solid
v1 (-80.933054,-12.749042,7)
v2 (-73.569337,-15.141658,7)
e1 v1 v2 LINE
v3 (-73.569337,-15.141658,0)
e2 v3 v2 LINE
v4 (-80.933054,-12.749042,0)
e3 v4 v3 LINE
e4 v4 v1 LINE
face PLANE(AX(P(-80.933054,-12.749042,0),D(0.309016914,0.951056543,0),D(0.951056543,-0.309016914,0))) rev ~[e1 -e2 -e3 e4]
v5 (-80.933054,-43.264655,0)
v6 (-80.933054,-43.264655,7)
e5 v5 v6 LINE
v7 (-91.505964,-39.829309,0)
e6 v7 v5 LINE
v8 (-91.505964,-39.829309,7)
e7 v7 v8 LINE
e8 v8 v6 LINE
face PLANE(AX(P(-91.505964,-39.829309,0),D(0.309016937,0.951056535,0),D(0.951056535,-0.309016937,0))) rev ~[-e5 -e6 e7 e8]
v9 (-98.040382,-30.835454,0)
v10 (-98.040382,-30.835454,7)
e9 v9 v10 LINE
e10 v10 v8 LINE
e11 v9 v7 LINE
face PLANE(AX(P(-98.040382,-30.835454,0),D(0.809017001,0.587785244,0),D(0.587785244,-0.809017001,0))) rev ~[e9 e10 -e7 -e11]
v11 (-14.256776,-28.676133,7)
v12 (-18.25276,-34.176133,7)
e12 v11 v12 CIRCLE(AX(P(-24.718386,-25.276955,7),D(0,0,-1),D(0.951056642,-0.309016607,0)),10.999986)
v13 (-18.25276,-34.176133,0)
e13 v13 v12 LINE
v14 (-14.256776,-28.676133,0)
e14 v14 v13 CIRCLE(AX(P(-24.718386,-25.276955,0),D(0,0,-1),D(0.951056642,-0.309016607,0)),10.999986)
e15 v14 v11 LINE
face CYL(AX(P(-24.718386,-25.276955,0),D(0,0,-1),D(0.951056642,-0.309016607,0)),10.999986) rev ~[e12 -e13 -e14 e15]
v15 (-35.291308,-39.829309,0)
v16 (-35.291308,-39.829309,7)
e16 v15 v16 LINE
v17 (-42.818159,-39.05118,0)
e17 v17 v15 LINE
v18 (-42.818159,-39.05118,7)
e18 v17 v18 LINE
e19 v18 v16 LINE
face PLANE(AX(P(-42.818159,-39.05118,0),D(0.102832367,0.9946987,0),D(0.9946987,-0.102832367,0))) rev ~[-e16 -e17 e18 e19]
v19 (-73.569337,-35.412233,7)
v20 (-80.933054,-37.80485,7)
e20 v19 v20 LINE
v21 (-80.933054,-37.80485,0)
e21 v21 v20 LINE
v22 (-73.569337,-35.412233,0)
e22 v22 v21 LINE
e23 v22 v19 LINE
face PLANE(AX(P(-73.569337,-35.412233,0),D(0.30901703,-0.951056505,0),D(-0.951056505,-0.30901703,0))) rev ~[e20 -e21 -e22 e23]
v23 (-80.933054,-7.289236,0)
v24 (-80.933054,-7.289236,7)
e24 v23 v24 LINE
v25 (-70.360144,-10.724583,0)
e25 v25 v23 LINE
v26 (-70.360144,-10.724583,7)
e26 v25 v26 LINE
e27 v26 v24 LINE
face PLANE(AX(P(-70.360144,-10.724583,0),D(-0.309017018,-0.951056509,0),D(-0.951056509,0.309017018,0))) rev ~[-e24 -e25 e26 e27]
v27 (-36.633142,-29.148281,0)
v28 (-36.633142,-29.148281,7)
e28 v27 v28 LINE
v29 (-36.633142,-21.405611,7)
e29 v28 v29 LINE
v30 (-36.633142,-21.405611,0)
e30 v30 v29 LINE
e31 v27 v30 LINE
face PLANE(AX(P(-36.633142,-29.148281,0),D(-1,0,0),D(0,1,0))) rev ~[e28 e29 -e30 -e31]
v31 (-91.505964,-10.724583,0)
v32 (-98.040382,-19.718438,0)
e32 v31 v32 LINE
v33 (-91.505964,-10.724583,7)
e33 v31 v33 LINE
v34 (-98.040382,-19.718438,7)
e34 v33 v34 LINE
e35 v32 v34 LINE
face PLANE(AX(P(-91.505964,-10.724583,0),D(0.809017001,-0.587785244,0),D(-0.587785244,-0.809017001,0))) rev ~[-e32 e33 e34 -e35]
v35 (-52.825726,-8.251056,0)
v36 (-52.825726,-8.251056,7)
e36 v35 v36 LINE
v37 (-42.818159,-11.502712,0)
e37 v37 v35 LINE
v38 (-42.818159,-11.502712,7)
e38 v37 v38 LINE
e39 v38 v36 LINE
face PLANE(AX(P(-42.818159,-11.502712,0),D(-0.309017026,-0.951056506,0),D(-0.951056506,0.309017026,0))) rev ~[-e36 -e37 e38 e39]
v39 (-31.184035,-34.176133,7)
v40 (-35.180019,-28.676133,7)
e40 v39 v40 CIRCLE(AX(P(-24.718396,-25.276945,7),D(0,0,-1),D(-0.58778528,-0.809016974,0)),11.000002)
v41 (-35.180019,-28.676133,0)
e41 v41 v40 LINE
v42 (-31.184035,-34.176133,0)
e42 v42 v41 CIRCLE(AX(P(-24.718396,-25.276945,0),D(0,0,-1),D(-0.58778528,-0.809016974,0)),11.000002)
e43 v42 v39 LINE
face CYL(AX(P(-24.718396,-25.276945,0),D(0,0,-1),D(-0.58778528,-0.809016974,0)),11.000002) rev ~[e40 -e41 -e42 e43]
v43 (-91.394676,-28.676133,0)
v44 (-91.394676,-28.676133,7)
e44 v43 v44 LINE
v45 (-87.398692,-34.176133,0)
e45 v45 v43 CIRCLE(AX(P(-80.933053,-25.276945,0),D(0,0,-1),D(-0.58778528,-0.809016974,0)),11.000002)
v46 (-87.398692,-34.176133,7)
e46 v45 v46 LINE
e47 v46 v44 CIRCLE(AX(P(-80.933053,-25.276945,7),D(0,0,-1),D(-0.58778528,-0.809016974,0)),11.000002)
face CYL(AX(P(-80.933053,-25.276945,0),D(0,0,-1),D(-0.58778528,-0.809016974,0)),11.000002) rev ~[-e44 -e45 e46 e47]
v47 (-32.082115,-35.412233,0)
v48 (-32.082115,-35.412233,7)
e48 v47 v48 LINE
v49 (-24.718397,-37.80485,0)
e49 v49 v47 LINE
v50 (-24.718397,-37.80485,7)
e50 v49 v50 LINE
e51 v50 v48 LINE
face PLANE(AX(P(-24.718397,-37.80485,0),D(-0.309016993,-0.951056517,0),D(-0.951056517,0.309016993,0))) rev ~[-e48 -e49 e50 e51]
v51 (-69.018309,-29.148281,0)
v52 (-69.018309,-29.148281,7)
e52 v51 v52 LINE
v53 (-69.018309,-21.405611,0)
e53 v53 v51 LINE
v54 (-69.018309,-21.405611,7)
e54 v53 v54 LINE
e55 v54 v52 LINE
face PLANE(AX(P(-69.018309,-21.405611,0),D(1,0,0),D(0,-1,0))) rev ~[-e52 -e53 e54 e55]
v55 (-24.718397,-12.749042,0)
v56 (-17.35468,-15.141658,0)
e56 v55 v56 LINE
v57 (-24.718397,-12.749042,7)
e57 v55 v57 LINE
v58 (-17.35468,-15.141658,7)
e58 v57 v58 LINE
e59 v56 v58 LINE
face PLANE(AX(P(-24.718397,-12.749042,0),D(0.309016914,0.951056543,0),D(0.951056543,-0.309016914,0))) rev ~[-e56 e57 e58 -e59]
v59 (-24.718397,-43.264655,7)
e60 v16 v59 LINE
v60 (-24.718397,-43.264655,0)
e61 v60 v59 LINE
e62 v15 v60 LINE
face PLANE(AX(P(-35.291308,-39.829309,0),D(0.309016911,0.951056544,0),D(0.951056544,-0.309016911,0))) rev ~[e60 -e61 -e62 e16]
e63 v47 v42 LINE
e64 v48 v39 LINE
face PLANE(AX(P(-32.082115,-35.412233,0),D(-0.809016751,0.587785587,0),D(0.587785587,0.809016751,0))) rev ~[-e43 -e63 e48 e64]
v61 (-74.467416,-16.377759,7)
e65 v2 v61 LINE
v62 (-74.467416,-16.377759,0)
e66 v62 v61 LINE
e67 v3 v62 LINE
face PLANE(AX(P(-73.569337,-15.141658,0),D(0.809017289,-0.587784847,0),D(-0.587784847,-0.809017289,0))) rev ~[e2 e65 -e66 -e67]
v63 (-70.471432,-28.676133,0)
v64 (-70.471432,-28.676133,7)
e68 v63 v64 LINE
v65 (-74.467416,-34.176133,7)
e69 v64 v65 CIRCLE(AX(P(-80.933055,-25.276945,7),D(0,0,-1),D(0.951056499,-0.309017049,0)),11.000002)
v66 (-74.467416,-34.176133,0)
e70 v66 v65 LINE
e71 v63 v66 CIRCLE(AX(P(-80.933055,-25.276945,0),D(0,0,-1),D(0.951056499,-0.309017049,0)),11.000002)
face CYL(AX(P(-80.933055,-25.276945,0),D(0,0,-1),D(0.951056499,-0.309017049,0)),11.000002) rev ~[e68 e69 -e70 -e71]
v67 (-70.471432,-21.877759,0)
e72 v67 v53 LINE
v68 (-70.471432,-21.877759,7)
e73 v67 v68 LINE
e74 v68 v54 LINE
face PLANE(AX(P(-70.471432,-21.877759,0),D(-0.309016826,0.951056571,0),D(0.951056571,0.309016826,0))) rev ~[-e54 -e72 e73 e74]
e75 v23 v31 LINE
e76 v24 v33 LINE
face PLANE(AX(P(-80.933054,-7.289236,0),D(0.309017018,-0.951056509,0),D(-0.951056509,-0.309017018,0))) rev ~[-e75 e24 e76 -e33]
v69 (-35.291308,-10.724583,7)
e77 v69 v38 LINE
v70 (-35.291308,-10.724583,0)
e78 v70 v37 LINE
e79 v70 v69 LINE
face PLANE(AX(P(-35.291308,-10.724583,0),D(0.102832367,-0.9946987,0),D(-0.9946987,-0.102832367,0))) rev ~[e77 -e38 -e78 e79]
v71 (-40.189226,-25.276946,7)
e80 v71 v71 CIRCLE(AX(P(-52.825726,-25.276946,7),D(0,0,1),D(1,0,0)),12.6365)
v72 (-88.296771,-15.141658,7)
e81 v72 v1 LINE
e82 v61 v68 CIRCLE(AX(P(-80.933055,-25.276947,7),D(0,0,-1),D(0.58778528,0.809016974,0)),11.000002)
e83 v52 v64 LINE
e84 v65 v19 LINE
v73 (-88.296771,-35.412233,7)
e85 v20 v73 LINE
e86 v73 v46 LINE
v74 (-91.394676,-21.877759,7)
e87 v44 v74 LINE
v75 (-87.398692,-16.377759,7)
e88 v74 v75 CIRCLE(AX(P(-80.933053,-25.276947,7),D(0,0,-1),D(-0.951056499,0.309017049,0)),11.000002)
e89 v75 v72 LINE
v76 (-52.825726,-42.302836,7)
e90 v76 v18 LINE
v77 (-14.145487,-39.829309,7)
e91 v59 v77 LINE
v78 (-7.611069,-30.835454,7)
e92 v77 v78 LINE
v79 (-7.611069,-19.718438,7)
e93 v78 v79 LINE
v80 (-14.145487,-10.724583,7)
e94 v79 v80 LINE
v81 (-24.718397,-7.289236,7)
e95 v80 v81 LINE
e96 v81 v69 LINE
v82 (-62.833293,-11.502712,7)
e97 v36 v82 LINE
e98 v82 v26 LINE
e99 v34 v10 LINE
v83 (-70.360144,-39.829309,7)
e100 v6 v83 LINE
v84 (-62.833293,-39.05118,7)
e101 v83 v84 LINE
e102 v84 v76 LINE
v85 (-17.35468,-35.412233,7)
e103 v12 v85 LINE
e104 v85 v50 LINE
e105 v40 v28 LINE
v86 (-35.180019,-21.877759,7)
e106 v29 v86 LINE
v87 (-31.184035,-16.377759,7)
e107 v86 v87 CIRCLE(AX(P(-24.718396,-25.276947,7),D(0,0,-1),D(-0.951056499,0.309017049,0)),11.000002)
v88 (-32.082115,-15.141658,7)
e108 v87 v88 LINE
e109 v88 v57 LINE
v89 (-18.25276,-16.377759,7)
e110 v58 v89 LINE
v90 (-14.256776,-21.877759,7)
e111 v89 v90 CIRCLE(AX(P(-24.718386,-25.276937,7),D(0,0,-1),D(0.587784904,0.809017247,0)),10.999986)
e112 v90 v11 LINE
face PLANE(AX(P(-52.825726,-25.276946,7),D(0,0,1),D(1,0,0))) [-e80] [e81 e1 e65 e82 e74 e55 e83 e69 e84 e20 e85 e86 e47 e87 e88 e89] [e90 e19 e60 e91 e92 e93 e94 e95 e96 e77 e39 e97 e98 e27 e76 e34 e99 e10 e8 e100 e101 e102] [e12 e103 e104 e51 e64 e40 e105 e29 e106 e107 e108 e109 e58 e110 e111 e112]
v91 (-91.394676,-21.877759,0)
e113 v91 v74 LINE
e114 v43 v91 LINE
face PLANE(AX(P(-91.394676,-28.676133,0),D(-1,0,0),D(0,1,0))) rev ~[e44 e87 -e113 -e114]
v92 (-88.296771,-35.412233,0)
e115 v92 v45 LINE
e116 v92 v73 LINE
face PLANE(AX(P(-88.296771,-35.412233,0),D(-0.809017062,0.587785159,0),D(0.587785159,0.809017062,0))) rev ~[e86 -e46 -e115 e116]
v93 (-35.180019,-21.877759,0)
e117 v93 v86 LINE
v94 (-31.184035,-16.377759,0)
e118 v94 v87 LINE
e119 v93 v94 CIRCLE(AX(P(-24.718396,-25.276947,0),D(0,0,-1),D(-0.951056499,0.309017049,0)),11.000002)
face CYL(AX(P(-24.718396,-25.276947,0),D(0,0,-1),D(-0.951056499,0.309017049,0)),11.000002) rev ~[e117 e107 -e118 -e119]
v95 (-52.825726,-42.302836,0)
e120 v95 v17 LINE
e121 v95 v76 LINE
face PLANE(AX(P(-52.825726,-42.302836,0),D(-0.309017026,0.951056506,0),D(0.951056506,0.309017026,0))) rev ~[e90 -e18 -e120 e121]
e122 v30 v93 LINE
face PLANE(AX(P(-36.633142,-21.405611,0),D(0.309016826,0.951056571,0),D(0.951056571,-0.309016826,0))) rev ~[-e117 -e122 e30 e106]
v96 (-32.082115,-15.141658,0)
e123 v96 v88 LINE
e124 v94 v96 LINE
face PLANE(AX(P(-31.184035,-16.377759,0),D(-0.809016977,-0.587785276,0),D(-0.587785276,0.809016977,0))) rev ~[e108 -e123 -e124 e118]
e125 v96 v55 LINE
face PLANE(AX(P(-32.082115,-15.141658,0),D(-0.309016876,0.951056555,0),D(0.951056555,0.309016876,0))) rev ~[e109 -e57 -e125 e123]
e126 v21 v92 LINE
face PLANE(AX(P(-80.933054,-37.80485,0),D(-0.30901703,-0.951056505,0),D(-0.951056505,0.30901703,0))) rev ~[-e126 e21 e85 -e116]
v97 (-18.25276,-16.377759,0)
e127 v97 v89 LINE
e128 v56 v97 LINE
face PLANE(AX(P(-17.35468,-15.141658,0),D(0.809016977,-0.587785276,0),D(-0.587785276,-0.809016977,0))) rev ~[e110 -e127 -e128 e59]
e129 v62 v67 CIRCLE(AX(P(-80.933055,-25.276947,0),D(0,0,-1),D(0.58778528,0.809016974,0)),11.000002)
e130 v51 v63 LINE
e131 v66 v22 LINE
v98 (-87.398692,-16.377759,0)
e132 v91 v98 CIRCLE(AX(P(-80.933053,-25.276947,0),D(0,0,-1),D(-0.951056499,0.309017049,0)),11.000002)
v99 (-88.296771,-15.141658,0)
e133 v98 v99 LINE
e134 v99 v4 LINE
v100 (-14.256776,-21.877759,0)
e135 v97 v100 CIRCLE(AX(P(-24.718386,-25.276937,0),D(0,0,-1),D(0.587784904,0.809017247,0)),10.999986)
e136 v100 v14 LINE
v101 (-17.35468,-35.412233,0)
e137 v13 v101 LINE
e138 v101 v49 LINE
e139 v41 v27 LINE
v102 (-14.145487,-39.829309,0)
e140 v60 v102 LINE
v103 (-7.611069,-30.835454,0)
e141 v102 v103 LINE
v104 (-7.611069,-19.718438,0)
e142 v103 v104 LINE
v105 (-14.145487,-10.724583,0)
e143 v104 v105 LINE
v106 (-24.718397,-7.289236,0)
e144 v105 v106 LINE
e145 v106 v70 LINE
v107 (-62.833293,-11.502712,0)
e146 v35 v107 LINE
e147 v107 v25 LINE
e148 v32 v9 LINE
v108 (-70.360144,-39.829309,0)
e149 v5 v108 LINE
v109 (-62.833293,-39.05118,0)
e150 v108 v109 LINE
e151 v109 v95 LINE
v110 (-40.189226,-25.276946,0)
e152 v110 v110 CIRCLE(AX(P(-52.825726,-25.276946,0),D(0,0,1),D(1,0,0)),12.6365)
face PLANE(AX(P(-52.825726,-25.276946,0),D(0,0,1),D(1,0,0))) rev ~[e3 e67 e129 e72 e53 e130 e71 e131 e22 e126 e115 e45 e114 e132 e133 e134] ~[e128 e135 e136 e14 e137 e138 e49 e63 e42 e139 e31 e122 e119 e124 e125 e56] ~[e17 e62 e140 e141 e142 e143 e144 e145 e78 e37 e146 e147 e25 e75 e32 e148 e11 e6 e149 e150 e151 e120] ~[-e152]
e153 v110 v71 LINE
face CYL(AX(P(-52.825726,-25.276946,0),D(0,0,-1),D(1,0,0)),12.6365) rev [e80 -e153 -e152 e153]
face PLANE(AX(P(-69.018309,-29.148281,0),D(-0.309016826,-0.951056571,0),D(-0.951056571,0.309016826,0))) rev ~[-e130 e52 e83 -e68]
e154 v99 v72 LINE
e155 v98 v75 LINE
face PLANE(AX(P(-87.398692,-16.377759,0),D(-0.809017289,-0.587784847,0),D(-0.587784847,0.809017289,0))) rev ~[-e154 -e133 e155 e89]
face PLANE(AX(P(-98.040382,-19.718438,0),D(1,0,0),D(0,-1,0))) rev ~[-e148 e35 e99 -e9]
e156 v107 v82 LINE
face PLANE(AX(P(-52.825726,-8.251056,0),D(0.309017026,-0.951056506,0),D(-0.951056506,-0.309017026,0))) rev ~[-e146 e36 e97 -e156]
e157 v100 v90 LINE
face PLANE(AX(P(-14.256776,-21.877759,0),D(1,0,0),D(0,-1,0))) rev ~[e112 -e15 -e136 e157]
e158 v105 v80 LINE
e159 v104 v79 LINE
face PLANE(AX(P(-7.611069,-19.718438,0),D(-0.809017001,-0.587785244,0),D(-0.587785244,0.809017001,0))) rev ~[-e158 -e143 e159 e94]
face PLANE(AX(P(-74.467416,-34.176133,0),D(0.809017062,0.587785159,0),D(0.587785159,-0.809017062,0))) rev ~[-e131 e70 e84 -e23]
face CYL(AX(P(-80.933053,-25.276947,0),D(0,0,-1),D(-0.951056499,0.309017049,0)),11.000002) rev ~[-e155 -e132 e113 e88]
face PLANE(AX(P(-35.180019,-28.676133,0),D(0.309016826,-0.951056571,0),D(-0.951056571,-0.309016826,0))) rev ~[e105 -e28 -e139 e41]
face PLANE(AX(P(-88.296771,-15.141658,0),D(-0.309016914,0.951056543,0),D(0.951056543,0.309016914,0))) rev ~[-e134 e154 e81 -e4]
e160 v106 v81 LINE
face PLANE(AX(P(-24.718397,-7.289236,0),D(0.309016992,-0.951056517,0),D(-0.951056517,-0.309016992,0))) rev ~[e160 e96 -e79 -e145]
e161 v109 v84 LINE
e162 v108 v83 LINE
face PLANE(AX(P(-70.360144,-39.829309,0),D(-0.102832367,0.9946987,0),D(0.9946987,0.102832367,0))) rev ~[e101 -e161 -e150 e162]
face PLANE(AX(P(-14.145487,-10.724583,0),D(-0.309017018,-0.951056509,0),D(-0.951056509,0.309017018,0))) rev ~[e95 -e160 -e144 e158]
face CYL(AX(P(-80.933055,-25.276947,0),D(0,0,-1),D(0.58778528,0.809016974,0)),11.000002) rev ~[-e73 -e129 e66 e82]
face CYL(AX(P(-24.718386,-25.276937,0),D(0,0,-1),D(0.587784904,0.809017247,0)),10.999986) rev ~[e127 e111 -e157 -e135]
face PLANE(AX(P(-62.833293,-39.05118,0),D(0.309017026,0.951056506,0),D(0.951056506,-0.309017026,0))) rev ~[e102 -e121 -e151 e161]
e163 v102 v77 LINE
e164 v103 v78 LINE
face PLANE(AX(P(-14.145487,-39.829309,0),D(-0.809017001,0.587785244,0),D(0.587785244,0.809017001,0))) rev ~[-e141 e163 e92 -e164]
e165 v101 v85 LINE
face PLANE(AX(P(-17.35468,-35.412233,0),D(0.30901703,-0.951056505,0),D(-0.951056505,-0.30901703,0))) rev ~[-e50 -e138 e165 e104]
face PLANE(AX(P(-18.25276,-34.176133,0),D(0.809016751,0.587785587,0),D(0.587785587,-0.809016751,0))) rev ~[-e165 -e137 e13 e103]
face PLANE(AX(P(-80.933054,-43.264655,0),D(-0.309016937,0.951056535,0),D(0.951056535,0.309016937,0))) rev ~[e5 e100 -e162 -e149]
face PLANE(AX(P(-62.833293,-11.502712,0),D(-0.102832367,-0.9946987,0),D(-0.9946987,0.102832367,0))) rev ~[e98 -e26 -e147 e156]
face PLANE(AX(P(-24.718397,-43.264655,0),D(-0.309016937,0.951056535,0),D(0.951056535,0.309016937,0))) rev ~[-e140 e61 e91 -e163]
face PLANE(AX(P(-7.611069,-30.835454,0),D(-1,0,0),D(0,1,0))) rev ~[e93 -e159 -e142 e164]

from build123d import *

# Parameters (mm, degrees)
F0_R     = 12.6365
F1_DEPTH = 7


with BuildPart() as f1:
    # F0 (on Top) → F1 (new body)
    with BuildSketch(Plane.XY):
        Polygon((-52.825726, -42.302836), (-42.818159, -39.05118), (-35.291308, -39.829309), (-24.718397, -43.264655), (-14.145487, -39.829309), (-7.611069, -30.835454), (-7.611069, -19.718438), (-14.145487, -10.724583), (-24.718397, -7.289236), (-35.291308, -10.724583), (-42.818159, -11.502712), (-52.825726, -8.251056), (-62.833293, -11.502712), (-70.360144, -10.724583), (-80.933054, -7.289236), (-91.505964, -10.724583), (-98.040382, -19.718438), (-98.040382, -30.835454), (-91.505964, -39.829309), (-80.933054, -43.264655), (-70.360144, -39.829309), (-62.833293, -39.05118), align=None)
        with BuildLine():
            Line((-74.467416, -34.176133), (-73.569337, -35.412233))
            Line((-73.569337, -35.412233), (-80.933054, -37.80485))
            Line((-80.933054, -37.80485), (-88.296771, -35.412233))
            Line((-88.296771, -35.412233), (-87.398692, -34.176133))
            ThreePointArc((-87.398692, -34.176133), (-89.832241, -31.742584), (-91.394676, -28.676133))
            Line((-91.394676, -28.676133), (-91.394676, -21.877759))
            ThreePointArc((-91.394676, -21.877759), (-89.832241, -18.811308), (-87.398692, -16.377759))
            Line((-87.398692, -16.377759), (-88.296771, -15.141658))
            Line((-88.296771, -15.141658), (-80.933054, -12.749042))
            Line((-80.933054, -12.749042), (-73.569337, -15.141658))
            Line((-73.569337, -15.141658), (-74.467416, -16.377759))
            ThreePointArc((-74.467416, -16.377759), (-72.033867, -18.811308), (-70.471432, -21.877759))
            Line((-70.471432, -21.877759), (-69.018309, -21.405611))
            Line((-69.018309, -21.405611), (-69.018309, -29.148281))
            Line((-69.018309, -29.148281), (-70.471432, -28.676133))
            ThreePointArc((-70.471432, -28.676133), (-72.033867, -31.742584), (-74.467416, -34.176133))
        make_face(mode=Mode.SUBTRACT)
        with BuildLine():
            Line((-31.184035, -16.377759), (-32.082115, -15.141658))
            Line((-32.082115, -15.141658), (-24.718397, -12.749042))
            Line((-24.718397, -12.749042), (-17.35468, -15.141658))
            Line((-17.35468, -15.141658), (-18.25276, -16.377759))
            ThreePointArc((-18.25276, -16.377759), (-15.81921, -18.811308), (-14.256776, -21.877759))
            Line((-14.256776, -21.877759), (-14.256776, -28.676133))
            ThreePointArc((-14.256776, -28.676133), (-15.81921, -31.742584), (-18.25276, -34.176133))
            Line((-18.25276, -34.176133), (-17.35468, -35.412233))
            Line((-17.35468, -35.412233), (-24.718397, -37.80485))
            Line((-24.718397, -37.80485), (-32.082115, -35.412233))
            Line((-32.082115, -35.412233), (-31.184035, -34.176133))
            ThreePointArc((-31.184035, -34.176133), (-33.617584, -31.742584), (-35.180019, -28.676133))
            Line((-35.180019, -28.676133), (-36.633142, -29.148281))
            Line((-36.633142, -29.148281), (-36.633142, -21.405611))
            Line((-36.633142, -21.405611), (-35.180019, -21.877759))
            ThreePointArc((-35.180019, -21.877759), (-33.617584, -18.811308), (-31.184035, -16.377759))
        make_face(mode=Mode.SUBTRACT)
        with Locations((-52.825726, -25.276946)):
            Circle(F0_R, mode=Mode.SUBTRACT)
    extrude(amount=F1_DEPTH)


solid = f1.part
